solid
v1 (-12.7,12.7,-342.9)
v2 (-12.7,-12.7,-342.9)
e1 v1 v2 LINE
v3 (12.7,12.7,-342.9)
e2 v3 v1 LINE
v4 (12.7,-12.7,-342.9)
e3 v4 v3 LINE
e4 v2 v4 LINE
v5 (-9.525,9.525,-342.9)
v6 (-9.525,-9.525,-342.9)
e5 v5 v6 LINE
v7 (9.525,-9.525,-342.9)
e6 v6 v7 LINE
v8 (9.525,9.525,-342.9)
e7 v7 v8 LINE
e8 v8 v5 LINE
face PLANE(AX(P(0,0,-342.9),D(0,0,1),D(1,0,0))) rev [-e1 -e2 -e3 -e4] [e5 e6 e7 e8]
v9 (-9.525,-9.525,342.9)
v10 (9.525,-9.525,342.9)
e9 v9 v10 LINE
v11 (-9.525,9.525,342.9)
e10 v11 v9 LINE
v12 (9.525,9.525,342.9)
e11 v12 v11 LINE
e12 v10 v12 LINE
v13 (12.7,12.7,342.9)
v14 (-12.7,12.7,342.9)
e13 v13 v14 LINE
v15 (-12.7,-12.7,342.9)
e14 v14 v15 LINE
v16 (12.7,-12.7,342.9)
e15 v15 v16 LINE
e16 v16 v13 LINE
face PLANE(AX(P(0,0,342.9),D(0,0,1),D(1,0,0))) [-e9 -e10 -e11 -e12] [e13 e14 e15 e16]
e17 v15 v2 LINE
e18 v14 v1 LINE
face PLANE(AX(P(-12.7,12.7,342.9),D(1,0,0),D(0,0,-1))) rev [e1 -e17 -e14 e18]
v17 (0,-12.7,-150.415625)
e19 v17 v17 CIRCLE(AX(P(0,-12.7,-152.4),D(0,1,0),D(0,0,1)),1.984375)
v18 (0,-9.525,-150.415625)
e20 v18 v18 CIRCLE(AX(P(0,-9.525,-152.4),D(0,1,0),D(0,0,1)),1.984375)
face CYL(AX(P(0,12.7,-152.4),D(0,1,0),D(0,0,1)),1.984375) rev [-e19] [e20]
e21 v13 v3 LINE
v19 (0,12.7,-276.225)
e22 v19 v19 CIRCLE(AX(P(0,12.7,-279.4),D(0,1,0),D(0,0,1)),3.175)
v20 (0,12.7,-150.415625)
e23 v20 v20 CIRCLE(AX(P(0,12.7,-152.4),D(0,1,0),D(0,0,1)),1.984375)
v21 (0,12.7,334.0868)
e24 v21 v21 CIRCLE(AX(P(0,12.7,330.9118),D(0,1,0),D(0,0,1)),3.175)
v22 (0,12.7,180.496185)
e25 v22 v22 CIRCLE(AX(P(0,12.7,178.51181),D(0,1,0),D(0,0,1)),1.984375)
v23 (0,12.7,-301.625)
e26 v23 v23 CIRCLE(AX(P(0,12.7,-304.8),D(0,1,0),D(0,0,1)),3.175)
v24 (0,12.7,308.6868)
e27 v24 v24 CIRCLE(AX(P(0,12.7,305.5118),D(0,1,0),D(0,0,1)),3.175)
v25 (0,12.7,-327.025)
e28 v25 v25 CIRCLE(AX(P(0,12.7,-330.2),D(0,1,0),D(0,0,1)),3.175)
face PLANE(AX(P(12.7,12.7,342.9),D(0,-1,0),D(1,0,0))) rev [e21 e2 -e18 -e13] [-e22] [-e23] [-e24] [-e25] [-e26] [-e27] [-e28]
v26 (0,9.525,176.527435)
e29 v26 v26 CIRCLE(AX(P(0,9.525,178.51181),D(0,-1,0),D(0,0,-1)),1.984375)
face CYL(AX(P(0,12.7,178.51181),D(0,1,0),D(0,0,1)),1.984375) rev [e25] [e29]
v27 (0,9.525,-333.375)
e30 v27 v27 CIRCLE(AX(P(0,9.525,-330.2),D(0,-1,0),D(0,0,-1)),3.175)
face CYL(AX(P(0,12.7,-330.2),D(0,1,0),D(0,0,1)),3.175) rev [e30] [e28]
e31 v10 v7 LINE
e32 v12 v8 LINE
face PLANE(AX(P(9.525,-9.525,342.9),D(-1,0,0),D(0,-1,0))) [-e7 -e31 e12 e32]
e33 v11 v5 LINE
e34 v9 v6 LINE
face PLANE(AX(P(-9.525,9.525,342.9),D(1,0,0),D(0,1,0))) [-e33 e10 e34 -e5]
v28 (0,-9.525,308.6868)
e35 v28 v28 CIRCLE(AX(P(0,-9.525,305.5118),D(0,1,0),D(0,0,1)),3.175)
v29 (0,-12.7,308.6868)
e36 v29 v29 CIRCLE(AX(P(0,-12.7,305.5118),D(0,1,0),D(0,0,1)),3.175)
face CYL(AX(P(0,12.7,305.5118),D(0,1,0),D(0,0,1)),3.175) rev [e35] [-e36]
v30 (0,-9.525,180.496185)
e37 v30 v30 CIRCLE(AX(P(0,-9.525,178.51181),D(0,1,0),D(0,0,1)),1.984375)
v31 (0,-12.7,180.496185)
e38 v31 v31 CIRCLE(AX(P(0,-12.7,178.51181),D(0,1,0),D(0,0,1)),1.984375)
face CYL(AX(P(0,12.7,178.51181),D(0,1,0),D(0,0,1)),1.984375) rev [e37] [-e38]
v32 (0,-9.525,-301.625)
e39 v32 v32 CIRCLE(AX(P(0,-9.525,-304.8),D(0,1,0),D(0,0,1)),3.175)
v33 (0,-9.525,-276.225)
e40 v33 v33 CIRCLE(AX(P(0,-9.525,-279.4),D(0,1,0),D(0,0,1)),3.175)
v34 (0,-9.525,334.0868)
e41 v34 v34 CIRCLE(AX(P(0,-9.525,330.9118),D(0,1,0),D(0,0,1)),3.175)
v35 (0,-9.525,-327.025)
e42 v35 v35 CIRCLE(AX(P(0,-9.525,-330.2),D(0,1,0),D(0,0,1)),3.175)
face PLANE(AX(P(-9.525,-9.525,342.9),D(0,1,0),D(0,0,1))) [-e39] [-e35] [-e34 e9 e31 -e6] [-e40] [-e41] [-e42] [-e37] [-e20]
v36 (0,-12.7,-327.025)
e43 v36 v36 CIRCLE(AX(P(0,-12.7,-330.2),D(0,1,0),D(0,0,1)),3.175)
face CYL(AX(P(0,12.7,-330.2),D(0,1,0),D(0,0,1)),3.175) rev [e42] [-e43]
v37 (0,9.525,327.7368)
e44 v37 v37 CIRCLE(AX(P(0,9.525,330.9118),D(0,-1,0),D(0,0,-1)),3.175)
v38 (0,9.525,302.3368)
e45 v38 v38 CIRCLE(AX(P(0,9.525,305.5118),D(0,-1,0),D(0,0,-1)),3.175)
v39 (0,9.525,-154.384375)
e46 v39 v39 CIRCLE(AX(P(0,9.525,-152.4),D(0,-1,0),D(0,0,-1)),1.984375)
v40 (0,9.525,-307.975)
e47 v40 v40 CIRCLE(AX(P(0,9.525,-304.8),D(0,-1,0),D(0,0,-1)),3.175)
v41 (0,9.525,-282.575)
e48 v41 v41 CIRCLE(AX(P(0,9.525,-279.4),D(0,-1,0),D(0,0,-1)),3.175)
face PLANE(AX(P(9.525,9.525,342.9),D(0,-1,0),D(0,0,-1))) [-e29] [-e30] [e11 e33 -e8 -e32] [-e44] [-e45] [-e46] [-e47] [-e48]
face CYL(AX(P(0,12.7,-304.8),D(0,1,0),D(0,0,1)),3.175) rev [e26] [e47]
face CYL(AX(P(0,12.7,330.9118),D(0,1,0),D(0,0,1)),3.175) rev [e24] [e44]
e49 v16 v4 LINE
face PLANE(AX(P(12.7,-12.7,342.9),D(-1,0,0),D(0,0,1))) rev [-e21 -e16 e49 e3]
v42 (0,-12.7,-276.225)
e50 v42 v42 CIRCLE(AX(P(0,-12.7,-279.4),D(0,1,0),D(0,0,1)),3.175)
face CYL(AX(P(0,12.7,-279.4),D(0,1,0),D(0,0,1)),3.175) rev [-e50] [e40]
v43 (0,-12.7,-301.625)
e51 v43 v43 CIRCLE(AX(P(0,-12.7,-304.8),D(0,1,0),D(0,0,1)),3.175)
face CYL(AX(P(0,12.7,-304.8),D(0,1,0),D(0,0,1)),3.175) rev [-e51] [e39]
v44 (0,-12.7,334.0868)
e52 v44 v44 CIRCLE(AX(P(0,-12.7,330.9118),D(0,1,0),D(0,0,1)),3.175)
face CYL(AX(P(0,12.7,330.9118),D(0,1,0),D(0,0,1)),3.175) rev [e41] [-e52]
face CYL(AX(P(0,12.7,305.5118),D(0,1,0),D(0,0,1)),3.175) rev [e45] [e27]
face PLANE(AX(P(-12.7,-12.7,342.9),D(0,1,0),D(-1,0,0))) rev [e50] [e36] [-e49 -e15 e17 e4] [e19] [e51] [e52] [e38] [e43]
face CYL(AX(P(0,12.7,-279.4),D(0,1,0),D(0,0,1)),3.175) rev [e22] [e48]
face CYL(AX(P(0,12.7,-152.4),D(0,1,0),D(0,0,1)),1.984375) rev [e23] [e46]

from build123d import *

# Parameters (mm, degrees)
BOSS_EXTRUDE1_DEPTH             = 342.9
BOSS_EXTRUDE1_DEPTH_BACK        = 342.9
SKETCH3_W                       = 25.4
SKETCH3_H                       = 25.4
SKETCH3_W_2                     = 19.05
SKETCH3_H_2                     = 19.05
F_5_32_0_15625_DIAMETER_HOLE1_D = 3.96875
F_1_4_0_25_DIAMETER_HOLE1_D     = 6.35
F_1_4_0_25_DIAMETER_HOLE2_D     = 6.35


with BuildPart() as part:
    # Sketch3 → Boss-Extrude1 (new, two sides: drawn at the far end of the back side and taken through both)
    with BuildSketch(Plane.XY.offset(-BOSS_EXTRUDE1_DEPTH_BACK)):
        Rectangle(SKETCH3_W, SKETCH3_H)
        Rectangle(SKETCH3_W_2, SKETCH3_H_2, mode=Mode.SUBTRACT)
    extrude(amount=BOSS_EXTRUDE1_DEPTH + BOSS_EXTRUDE1_DEPTH_BACK)

    # 5/32 (0.15625) Diameter Hole1 (through all)
    with Locations(Plane(origin=(0, 12.7, 0), x_dir=(1, 0, 0), z_dir=(0, 1, 0))):
        with Locations((0, 152.4), (0, -178.5118096)):
            Hole(F_5_32_0_15625_DIAMETER_HOLE1_D / 2)

    # 1/4 (0.25) Diameter Hole1 (through all)
    with Locations(Plane(origin=(0, 12.7, 0), x_dir=(1, 0, 0), z_dir=(0, 1, 0))):
        with Locations((0, 330.2), (0, 304.8), (0, 279.4)):
            Hole(F_1_4_0_25_DIAMETER_HOLE1_D / 2)

    # 1/4 (0.25) Diameter Hole2 (through all)
    with Locations(Plane(origin=(0, 12.7, 0), x_dir=(1, 0, 0), z_dir=(0, 1, 0))):
        with Locations((0, -330.911799988), (0, -305.511799988)):
            Hole(F_1_4_0_25_DIAMETER_HOLE2_D / 2)


solid = part.part
